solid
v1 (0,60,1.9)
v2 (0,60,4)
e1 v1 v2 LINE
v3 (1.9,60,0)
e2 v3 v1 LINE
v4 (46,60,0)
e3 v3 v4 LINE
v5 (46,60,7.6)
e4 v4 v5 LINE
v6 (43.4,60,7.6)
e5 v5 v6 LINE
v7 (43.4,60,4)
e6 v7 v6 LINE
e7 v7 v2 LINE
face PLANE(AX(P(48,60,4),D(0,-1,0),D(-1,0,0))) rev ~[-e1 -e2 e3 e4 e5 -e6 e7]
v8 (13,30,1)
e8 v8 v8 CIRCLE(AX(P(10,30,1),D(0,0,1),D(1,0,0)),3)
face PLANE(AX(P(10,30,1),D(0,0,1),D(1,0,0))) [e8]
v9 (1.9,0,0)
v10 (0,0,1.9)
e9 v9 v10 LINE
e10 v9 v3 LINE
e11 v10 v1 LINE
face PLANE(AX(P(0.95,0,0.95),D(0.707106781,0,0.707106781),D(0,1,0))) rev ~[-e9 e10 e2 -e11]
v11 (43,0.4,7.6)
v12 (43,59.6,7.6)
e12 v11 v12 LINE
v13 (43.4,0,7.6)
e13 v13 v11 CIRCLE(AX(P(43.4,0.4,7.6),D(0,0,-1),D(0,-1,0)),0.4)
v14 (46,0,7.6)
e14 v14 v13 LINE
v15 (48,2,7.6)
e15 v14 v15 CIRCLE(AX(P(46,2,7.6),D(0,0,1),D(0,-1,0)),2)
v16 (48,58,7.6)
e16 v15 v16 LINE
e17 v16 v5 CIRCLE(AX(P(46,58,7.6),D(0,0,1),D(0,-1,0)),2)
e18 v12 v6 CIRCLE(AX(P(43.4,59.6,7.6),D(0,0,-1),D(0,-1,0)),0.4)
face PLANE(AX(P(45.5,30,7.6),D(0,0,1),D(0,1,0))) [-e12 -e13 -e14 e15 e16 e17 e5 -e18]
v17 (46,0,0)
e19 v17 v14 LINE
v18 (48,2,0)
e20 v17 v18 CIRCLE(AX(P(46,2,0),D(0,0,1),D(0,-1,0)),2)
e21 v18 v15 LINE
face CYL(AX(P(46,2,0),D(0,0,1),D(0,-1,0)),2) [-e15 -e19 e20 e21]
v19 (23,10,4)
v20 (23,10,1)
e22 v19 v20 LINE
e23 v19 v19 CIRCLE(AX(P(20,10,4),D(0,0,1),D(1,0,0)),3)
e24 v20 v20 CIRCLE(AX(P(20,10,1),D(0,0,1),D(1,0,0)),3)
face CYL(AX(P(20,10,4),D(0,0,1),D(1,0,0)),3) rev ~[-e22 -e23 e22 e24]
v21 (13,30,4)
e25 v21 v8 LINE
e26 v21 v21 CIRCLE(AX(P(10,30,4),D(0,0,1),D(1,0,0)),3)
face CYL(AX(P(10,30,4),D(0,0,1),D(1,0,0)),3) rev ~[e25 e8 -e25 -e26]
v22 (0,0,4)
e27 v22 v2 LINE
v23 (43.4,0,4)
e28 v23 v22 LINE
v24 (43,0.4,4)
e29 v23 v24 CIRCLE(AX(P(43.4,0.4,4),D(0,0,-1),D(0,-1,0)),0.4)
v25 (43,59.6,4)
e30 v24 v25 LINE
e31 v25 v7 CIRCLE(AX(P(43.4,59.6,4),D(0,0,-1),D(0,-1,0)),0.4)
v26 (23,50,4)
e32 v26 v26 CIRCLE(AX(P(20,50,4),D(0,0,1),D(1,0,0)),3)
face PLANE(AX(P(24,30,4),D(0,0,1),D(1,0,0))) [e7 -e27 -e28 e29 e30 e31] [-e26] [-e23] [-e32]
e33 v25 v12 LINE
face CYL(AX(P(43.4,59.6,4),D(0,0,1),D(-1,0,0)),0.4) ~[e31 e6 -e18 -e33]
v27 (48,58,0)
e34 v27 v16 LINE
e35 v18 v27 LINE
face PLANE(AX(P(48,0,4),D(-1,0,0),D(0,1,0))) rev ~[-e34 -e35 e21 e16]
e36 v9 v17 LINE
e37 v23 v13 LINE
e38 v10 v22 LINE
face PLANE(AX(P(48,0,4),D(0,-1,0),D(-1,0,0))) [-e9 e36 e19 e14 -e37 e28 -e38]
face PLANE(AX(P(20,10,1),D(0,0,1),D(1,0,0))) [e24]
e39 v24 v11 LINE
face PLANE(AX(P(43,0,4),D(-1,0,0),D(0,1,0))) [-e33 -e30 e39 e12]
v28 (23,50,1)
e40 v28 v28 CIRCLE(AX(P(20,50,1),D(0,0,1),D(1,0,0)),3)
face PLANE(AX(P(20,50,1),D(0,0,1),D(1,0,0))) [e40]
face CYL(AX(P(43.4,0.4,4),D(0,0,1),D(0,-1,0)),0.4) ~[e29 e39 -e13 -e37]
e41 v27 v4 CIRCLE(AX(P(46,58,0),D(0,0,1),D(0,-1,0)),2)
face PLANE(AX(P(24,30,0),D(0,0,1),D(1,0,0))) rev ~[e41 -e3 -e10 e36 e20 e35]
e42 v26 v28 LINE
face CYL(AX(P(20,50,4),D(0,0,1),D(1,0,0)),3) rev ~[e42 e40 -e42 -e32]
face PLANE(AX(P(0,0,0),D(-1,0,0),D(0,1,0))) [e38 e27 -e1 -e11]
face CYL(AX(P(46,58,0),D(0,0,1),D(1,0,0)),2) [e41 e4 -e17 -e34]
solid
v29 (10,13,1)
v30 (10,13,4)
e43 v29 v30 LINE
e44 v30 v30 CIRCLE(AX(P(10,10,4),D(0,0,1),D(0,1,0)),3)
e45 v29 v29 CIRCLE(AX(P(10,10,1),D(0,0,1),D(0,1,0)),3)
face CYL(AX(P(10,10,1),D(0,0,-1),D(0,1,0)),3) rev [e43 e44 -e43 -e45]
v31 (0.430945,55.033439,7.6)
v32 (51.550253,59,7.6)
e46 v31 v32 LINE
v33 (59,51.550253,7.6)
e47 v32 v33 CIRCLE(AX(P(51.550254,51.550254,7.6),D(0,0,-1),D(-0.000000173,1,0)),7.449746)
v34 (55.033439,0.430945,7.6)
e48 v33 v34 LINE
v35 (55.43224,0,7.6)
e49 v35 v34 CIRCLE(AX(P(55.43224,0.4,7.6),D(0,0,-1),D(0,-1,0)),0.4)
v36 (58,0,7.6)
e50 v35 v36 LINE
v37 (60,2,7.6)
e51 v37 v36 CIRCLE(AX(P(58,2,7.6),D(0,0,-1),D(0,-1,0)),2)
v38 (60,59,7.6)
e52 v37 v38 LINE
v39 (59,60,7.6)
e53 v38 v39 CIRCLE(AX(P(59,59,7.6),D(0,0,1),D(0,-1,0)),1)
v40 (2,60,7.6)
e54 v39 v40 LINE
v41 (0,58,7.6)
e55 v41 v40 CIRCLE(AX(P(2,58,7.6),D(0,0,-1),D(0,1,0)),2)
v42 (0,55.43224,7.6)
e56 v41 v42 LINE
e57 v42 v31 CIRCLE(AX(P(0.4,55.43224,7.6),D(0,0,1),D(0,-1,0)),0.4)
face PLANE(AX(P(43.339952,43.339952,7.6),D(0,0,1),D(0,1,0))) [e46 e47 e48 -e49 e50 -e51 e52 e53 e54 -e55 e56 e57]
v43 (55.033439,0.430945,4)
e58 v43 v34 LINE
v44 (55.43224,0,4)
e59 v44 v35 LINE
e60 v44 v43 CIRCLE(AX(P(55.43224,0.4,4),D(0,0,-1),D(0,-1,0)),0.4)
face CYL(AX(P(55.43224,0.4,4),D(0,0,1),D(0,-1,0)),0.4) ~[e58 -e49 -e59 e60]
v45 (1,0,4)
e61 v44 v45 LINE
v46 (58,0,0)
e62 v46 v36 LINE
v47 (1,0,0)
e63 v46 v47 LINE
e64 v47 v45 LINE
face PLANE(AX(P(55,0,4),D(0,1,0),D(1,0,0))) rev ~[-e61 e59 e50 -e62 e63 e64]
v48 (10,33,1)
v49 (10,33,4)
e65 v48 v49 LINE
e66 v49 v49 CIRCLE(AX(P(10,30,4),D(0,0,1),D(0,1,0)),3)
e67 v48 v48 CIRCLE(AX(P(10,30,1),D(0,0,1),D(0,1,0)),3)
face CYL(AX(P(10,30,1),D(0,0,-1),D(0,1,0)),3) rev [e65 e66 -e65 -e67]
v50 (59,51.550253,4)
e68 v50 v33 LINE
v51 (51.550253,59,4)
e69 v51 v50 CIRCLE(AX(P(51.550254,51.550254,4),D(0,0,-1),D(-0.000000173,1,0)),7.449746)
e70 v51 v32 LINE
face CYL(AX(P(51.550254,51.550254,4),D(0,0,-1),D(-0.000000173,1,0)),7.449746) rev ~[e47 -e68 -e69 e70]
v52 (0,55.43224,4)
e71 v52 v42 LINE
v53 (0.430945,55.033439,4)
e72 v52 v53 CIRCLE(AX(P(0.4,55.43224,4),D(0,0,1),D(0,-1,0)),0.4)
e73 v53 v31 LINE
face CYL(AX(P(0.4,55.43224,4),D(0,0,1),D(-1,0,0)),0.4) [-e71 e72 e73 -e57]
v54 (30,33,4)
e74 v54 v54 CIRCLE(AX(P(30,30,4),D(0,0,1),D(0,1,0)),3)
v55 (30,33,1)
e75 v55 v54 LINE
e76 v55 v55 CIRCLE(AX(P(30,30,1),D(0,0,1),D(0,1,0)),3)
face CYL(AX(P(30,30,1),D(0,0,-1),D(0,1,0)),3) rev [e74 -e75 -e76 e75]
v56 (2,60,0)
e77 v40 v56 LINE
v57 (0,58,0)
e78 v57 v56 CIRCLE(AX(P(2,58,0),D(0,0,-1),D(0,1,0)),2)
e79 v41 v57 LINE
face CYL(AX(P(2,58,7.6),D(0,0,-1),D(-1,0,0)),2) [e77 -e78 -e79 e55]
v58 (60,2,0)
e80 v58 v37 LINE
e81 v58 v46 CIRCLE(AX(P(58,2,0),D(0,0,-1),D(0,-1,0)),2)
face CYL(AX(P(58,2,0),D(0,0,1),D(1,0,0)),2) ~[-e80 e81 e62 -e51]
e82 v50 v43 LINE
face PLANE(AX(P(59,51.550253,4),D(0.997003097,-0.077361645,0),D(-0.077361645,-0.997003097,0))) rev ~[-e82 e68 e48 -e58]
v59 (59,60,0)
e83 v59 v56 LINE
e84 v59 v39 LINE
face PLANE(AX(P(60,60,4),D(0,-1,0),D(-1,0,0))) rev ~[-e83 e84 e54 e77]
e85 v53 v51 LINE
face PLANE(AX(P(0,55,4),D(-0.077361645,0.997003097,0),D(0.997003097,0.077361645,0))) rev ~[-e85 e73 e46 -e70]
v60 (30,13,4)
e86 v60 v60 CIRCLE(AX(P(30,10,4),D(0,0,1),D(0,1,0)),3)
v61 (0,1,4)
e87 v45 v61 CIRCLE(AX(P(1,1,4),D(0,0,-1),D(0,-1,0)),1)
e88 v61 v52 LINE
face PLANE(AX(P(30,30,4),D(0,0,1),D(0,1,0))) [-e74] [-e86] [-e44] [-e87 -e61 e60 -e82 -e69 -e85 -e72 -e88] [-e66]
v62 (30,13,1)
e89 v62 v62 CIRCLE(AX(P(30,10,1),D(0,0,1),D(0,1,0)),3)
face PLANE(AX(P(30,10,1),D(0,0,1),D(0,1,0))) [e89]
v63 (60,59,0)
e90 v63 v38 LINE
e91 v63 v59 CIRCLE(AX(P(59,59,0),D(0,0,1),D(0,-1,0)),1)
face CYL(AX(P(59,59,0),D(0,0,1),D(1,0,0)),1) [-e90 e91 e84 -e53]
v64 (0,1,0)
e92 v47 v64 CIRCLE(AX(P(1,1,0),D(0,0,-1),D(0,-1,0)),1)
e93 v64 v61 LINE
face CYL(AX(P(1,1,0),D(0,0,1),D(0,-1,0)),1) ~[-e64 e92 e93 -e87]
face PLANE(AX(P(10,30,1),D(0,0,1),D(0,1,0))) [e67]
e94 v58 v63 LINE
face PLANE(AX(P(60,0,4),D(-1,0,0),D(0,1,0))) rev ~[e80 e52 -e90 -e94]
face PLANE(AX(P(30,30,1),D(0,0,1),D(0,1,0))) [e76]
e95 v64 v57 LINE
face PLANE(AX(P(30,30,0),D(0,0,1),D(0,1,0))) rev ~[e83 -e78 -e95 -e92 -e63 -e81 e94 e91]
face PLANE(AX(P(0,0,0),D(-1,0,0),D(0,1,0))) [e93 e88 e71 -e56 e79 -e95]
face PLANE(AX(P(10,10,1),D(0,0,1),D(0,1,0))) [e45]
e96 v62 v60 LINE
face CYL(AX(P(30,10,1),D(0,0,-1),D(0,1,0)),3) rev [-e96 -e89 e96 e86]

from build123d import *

# Parameters (mm, degrees)
FACE002_W        = 60
FACE002_H        = 5
EXTRUDE002_DEPTH = 3.6
SKETCH001_R      = 3
EXTRUDE001_DEPTH = 3
SKETCH_W         = 48
SKETCH_H         = 60
EXTRUDE_DEPTH    = 4
FILLET_R         = 2
FILLET001_R      = 0.4
CHAMFER_SIZE     = 1.9
EXTRUDE005_DEPTH = 3.6
FACE004_R        = 3
EXTRUDE004_DEPTH = 3
FACE003_W        = 60
FACE003_H        = 60
EXTRUDE003_DEPTH = 4
FILLET002_1_R    = 2
FILLET002_2_R    = 1
FILLET003_R      = 0.4


with BuildPart() as extrude002:
    # Face002 → Extrude002 (new body)
    with BuildSketch(Plane(origin=(45.5, 30, 4), x_dir=(0, 1, 0), z_dir=(0, 0, 1))):
        Rectangle(FACE002_W, FACE002_H)
    extrude(amount=EXTRUDE002_DEPTH)


with BuildPart() as extrude001:
    # Sketch001 (on Face6 of Extrude) → Extrude001 (new body)
    with BuildSketch(Plane.XY.offset(4)):
        with Locations((20, 50)):
            Circle(SKETCH001_R)
        with Locations((20, 10)):
            Circle(SKETCH001_R)
        with Locations((10, 30)):
            Circle(SKETCH001_R)
    extrude(amount=-EXTRUDE001_DEPTH)


with BuildPart() as straight:
    # Sketch → Extrude (new body)
    with BuildSketch(Plane.XY):
        with Locations((24, 30)):
            Rectangle(SKETCH_W, SKETCH_H)
    extrude(amount=EXTRUDE_DEPTH)

    # Cut: cut Extrude001
    add(extrude001.part, mode=Mode.SUBTRACT)

    # Fusion: union Extrude002
    add(extrude002.part)

    # Fillet
    fillet_edges = [straight.edges().sort_by_distance(p)[0] for p in [
        (48, 60, 5.8),
        (48, 0, 5.8),
        (48, 60, 2),
        (48, 0, 2),
    ]]
    fillet(fillet_edges, radius=FILLET_R)

    # Fillet001
    fillet001_edges = [straight.edges().sort_by_distance(p)[0] for p in [
        (43, 60, 5.8),
        (43, 0, 5.8),
    ]]
    fillet(fillet001_edges, radius=FILLET001_R)

    # Chamfer
    chamfer_edges = [straight.edges().sort_by_distance(p)[0] for p in [
        (0, 30, 0),
    ]]
    chamfer(chamfer_edges, length=CHAMFER_SIZE)


with BuildPart() as extrude005:
    # Face005 → Extrude005 (new body)
    with BuildSketch(Plane(origin=(40.670446, 40.670446, 4), x_dir=(0, 1, 0), z_dir=(0, 0, 1))):
        with BuildLine():
            Line((10.879807, -18.329554), (-40.670446, -14.329554))
            Line((-40.670446, -14.329554), (-40.670446, -19.329554))
            Line((-40.670446, -19.329554), (19.329554, -19.329554))
            Line((19.329554, -19.329554), (19.329554, 40.670446))
            Line((19.329554, 40.670446), (14.329554, 40.670446))
            Line((14.329554, 40.670446), (18.329554, -10.879807))
            ThreePointArc((18.329554, -10.879807), (16.147574, -16.147574), (10.879807, -18.329554))
        make_face()
    extrude(amount=EXTRUDE005_DEPTH)


with BuildPart() as extrude004:
    # Face004 → Extrude004 (new body)
    with BuildSketch(Plane(origin=(30, 10, 0), x_dir=(0, 1, 0), z_dir=(0, 0, 1))):
        Circle(FACE004_R)
        with Locations((20, 0)):
            Circle(FACE004_R)
        with Locations((20, 20)):
            Circle(FACE004_R)
        with Locations((0, 20)):
            Circle(FACE004_R)
    extrude(amount=EXTRUDE004_DEPTH)


with BuildPart() as extrude004_1:
    # Extrude004 placement: moved
    add(extrude004.part.moved(Location((0, 0, 1))))


with BuildPart() as corner:
    # Face003 → Extrude003 (new body)
    with BuildSketch(Plane(origin=(30, 30, 0), x_dir=(0, 1, 0), z_dir=(0, 0, 1))):
        Rectangle(FACE003_W, FACE003_H)
    extrude(amount=EXTRUDE003_DEPTH)

    # Cut001: cut Extrude004
    add(extrude004_1.part, mode=Mode.SUBTRACT)

    # Fusion001: union Extrude005
    add(extrude005.part)

    # Fillet002 1
    fillet002_1_edges = [corner.edges().sort_by_distance(p)[0] for p in [
        (60, 0, 5.8),
        (60, 0, 2),
        (0, 60, 2),
        (0, 60, 5.8),
    ]]
    fillet(fillet002_1_edges, radius=FILLET002_1_R)

    # Fillet002 2
    fillet002_2_edges = [corner.edges().sort_by_distance(p)[0] for p in [
        (60, 60, 5.8),
        (0, 0, 2),
        (60, 60, 2),
    ]]
    fillet(fillet002_2_edges, radius=FILLET002_2_R)

    # Fillet003
    fillet003_edges = [corner.edges().sort_by_distance(p)[0] for p in [
        (55, 0, 5.8),
        (0, 55, 5.8),
    ]]
    fillet(fillet003_edges, radius=FILLET003_R)


solid = Compound([straight.part, corner.part])
